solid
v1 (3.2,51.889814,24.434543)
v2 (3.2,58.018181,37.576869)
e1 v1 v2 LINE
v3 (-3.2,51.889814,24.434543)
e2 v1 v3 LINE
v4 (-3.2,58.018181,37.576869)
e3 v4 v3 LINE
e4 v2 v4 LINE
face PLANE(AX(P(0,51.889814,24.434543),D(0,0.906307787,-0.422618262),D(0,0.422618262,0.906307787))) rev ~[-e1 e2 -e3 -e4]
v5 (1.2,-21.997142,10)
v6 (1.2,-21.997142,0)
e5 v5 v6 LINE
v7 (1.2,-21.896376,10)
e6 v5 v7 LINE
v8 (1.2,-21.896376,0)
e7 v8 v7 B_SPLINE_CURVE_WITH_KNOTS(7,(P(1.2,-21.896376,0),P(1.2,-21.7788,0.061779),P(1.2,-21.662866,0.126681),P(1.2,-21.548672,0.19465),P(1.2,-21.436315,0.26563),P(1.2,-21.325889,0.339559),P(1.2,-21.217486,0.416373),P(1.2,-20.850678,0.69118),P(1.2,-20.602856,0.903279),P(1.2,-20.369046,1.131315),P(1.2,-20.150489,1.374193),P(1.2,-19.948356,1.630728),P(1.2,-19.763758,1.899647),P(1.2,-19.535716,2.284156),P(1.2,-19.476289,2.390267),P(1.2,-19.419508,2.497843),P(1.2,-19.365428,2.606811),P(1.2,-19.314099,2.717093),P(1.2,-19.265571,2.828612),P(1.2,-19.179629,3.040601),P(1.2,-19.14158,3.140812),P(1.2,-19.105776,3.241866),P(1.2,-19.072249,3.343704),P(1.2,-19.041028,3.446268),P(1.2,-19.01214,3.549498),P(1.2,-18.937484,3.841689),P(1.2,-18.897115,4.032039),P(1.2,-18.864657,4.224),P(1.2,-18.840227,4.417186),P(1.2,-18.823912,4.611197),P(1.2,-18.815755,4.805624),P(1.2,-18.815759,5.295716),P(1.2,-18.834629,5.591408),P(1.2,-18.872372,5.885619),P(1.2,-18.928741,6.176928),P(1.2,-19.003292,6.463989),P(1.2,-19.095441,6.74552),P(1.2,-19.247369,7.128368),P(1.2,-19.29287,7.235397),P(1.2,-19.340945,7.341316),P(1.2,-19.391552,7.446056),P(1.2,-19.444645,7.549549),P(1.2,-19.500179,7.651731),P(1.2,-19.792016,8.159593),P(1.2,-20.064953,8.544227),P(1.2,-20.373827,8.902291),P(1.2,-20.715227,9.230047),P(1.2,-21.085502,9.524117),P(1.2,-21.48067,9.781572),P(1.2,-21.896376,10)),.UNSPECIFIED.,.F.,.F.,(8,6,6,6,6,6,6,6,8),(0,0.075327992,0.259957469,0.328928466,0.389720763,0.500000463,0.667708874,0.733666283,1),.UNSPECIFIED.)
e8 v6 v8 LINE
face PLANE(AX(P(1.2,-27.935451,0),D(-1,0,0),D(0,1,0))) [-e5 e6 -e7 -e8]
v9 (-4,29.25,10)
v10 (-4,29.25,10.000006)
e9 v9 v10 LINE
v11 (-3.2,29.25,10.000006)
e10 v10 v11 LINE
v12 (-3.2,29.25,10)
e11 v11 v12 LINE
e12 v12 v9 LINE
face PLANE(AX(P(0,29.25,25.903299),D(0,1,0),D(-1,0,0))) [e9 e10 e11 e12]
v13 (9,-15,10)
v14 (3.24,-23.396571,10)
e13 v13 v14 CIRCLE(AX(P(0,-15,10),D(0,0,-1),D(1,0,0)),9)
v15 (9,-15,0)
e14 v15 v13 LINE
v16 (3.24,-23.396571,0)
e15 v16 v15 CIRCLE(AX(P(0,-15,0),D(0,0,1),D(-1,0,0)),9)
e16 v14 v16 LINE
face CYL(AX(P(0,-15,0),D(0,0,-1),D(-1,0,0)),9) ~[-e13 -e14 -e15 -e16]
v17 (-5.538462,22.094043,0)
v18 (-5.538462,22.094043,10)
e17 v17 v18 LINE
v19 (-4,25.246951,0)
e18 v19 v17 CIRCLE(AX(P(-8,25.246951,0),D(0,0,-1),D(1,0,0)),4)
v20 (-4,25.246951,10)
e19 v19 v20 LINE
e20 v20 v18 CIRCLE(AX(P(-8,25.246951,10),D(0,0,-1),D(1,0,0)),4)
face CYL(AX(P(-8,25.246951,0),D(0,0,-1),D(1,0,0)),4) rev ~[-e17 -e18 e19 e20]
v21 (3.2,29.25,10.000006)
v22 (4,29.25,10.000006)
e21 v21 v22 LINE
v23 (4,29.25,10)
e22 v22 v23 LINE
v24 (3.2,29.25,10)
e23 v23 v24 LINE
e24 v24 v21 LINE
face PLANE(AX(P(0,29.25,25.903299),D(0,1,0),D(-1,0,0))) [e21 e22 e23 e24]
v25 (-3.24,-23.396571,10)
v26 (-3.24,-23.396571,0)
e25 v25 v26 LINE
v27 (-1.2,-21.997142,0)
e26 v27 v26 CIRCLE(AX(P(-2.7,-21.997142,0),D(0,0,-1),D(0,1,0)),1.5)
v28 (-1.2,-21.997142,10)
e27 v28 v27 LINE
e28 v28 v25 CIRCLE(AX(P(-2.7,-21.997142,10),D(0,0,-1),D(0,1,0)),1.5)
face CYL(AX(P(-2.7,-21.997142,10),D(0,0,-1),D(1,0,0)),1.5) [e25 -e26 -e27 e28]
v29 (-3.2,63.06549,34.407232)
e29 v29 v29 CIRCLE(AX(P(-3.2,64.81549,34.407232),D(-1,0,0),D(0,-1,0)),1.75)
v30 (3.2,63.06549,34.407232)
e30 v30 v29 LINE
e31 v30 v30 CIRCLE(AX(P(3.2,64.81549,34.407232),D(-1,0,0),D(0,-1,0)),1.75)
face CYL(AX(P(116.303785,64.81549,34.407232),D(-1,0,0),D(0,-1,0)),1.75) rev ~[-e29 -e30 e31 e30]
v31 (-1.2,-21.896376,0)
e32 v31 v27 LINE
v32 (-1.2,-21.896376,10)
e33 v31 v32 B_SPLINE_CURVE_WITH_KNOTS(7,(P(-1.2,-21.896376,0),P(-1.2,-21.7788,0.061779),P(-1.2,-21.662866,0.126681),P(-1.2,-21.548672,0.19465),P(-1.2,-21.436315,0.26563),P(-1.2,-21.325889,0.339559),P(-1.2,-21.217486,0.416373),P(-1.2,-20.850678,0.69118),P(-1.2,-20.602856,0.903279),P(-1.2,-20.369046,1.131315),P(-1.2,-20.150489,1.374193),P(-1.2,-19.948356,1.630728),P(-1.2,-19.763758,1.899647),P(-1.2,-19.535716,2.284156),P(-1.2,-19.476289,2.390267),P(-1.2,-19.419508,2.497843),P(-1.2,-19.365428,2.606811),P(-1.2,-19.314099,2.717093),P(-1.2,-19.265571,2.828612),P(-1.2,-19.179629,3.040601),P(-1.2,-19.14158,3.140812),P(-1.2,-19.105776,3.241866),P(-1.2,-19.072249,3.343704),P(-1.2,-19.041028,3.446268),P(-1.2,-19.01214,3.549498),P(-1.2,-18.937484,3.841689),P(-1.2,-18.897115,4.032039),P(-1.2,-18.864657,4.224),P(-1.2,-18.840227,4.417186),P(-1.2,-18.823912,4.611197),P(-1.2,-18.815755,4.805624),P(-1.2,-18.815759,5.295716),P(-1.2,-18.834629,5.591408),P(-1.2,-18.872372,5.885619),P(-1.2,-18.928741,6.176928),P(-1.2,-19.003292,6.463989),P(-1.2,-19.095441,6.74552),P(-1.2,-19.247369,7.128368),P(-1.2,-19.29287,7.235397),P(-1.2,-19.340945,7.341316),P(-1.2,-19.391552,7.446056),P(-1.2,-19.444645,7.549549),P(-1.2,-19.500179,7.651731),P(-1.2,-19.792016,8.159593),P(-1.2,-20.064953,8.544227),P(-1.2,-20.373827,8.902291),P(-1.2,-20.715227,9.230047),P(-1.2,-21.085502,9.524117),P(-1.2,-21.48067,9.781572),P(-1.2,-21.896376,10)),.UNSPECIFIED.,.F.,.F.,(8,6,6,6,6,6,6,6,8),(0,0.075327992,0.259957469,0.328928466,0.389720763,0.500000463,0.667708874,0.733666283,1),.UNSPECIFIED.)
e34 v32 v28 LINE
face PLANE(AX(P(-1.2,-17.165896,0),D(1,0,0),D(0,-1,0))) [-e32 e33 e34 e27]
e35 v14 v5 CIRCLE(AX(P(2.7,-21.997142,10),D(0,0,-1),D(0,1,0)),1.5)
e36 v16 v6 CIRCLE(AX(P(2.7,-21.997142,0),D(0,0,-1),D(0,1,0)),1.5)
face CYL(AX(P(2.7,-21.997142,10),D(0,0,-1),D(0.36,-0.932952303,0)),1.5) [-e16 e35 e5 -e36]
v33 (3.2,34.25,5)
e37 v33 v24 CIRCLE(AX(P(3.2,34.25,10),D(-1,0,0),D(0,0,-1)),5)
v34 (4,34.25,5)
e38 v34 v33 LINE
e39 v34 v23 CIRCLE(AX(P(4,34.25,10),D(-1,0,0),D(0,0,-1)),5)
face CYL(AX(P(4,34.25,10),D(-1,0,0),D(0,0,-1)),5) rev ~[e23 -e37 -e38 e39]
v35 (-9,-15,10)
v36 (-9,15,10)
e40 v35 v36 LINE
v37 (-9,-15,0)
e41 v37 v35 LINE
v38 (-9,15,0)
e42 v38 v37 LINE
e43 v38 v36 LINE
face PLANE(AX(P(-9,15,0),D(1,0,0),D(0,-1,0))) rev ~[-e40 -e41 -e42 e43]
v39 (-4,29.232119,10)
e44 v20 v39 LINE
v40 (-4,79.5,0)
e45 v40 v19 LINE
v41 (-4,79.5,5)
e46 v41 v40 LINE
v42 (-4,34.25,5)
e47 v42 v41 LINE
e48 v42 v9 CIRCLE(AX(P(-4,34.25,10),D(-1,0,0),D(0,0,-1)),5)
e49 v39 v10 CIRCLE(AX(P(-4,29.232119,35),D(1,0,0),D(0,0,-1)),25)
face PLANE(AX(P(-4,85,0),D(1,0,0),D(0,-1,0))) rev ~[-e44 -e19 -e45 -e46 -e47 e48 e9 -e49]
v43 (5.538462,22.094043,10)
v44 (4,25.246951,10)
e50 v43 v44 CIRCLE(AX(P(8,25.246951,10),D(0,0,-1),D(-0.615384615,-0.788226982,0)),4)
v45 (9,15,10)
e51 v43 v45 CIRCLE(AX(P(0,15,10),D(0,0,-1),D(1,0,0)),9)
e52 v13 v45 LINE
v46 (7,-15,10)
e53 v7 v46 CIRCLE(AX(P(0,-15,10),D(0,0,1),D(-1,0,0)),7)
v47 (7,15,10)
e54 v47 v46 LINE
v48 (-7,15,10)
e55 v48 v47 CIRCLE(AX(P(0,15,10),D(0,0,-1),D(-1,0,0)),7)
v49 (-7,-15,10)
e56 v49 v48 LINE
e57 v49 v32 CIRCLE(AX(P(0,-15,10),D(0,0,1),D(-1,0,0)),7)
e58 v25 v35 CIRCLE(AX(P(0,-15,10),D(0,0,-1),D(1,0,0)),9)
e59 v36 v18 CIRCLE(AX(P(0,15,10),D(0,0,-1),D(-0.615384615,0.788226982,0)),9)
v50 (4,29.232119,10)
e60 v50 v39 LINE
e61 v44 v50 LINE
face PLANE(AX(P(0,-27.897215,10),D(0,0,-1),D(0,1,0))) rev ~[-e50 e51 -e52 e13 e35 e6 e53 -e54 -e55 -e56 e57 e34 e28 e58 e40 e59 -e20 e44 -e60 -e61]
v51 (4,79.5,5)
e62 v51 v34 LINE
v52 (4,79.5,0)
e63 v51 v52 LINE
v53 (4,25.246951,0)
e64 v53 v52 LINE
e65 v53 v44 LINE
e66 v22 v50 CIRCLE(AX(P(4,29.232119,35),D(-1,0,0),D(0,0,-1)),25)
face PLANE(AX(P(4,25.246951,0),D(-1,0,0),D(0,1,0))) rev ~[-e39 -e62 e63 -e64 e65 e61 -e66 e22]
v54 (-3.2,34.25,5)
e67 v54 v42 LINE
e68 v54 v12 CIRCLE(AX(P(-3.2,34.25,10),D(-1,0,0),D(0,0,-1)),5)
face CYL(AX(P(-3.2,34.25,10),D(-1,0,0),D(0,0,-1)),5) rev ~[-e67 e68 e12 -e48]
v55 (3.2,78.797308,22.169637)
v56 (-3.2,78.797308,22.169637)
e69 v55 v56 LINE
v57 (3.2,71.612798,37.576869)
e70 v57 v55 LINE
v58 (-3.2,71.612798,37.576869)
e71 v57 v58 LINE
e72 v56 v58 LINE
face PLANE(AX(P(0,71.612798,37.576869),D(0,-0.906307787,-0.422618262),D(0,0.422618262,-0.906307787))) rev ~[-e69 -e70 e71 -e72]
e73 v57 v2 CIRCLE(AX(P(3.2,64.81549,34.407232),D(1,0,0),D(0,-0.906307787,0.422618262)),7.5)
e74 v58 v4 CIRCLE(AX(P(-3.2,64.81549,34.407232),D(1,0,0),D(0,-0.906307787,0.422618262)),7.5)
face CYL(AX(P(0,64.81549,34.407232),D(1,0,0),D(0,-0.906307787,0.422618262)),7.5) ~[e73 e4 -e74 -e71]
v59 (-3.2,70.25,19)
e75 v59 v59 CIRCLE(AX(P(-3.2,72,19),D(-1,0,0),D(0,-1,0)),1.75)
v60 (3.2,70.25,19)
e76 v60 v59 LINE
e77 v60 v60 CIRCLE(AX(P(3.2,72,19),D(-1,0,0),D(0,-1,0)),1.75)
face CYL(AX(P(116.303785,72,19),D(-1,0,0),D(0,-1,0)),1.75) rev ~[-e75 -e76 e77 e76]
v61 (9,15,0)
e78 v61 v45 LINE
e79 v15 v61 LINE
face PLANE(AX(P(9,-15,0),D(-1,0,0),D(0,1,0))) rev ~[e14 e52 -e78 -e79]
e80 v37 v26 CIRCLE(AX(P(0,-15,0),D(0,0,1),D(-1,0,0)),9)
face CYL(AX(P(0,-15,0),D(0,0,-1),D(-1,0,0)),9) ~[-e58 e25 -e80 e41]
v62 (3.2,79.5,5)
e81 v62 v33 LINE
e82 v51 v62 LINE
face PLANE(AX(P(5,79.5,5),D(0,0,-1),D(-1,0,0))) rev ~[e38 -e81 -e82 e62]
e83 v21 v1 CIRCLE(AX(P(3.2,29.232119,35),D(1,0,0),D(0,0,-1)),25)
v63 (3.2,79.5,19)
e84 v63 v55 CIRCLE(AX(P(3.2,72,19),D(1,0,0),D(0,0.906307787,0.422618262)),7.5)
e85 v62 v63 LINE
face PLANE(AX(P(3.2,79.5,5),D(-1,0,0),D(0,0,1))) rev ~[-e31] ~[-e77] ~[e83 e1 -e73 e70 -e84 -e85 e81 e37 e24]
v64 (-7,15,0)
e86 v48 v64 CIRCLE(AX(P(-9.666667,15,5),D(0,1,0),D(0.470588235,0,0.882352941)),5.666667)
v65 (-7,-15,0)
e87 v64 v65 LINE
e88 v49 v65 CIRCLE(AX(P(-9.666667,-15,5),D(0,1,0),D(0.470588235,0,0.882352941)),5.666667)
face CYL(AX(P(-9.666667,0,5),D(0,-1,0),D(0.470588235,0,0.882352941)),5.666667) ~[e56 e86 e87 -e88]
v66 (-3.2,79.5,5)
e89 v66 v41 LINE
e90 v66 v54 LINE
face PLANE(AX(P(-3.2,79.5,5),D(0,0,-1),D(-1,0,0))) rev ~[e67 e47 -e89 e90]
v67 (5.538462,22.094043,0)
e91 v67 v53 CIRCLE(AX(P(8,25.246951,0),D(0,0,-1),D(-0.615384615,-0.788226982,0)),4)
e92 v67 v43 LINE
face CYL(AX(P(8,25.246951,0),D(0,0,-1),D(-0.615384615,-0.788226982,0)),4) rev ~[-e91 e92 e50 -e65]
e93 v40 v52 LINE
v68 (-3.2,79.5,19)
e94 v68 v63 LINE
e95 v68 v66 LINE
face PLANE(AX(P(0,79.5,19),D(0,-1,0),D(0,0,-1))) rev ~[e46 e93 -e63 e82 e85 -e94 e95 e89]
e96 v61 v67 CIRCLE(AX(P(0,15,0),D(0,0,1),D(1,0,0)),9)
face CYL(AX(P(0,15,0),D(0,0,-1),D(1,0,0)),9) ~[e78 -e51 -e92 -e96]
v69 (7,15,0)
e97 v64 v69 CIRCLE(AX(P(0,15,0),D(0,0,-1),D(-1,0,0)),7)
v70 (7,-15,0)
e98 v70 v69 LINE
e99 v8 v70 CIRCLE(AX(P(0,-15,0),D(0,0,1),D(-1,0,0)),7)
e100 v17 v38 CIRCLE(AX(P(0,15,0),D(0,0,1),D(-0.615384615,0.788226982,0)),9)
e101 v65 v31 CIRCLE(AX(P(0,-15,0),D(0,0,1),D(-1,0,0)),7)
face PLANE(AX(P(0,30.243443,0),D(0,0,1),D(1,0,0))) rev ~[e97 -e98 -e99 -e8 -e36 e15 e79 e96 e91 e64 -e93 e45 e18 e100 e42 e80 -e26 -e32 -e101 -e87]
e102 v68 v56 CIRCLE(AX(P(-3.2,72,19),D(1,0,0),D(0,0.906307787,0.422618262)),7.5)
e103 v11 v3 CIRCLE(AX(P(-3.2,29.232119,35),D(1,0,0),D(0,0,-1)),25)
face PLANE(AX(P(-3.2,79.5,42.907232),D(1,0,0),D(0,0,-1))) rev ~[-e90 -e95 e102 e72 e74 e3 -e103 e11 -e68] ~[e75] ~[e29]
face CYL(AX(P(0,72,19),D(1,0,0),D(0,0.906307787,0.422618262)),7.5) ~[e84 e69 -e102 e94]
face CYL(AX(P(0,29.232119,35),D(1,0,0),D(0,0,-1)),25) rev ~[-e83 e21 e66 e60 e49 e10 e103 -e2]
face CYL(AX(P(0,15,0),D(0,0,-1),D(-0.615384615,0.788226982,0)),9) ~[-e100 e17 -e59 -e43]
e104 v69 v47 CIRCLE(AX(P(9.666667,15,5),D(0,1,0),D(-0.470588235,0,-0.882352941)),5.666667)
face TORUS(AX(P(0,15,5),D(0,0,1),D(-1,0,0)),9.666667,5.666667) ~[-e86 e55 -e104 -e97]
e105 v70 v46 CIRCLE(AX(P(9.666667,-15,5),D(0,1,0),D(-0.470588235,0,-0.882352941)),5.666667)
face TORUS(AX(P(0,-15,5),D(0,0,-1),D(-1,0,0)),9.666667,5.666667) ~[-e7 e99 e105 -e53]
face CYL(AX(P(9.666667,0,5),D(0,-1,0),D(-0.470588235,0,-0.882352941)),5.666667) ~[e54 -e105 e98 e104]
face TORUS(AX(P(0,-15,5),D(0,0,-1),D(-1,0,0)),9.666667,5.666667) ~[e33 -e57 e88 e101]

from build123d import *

# Parameters (mm, degrees)
F1_DEPTH       = 45
F3_DEPTH       = 9.001
F3_DEPTH_BACK  = 9.001
F5_DEPTH       = 50.25
F6_R           = 5
F8_D           = 3.5
F11_DEPTH      = 15
F11_DEPTH_BACK = 15
F13_ANGLE      = 180
F15_ANGLE      = 180
F17_DEPTH      = 10
F18_R          = 1.5


with BuildPart() as f1:
    # F0 (on Top) → F1 (new body)
    with BuildSketch(Plane.XY):
        with BuildLine():
            Line((-9, 15), (-9, -15))
            ThreePointArc((-9, -15), (0, -24), (9, -15))
            Line((9, -15), (9, 15))
            ThreePointArc((9, 15), (8.0884533085, 18.9467610869), (5.5384615385, 22.094042838))
            ThreePointArc((5.5384615385, 22.094042838), (4.4051318629, 23.4928347273), (4, 25.246950766))
            Line((4, 25.246950766), (4, 85))
            Line((4, 85), (-4, 85))
            Line((-4, 85), (-4, 25.246950766))
            ThreePointArc((-4, 25.246950766), (-4.4051318629, 23.4928347273), (-5.5384615385, 22.094042838))
            ThreePointArc((-5.5384615385, 22.094042838), (-8.0884533085, 18.9467610869), (-9, 15))
        make_face()
    extrude(amount=F1_DEPTH)

    # F2 (on Right) → F3 (cut, two sides)
    with BuildSketch(Plane.YZ) as f3_sk:
        with BuildLine():
            Line((-27.897214517, 46.3444851339), (-27.897214517, 10))
            Line((-27.897214517, 10), (29.232119265, 10))
            ThreePointArc((29.232119265, 10), (42.6646094737, 13.9152138547), (51.8898139409, 24.4345434565))
            Line((51.8898139409, 24.4345434565), (58.0181811476, 37.5768693427))
            ThreePointArc((58.0181811476, 37.5768693427), (64.8154895504, 41.9072323796), (71.6127979532, 37.5768693427))
            Line((71.6127979532, 37.5768693427), (78.7973084028, 22.1696369631))
            ThreePointArc((78.7973084028, 22.1696369631), (79.3222200534, 20.6232971045), (79.5, 19))
            Line((79.5, 19), (79.5, 0))
            Line((79.5, 0), (96.8408212066, 0))
            Line((96.8408212066, 0), (96.8408212066, 46.3444851339))
            Line((96.8408212066, 46.3444851339), (-27.897214517, 46.3444851339))
        make_face()
    extrude(amount=-F3_DEPTH, mode=Mode.SUBTRACT)
    extrude(f3_sk.sketch, amount=F3_DEPTH_BACK, mode=Mode.SUBTRACT)

    # F4 (on face) → F5 (cut)
    with BuildSketch(Plane(origin=(0, 79.5, 0), x_dir=(-1, 0, 0), z_dir=(0, 1, 0))):
        Polygon((-5, 5), (-3.2, 5), (-3.2, 42.9072323796), (3.2, 42.9072323796), (3.2, 5), (5, 5), (5, 44.9072323796), (-5, 44.9072323796), align=None)
    extrude(amount=-F5_DEPTH, mode=Mode.SUBTRACT)

    # F6
    f6_edges = [f1.edges().sort_by_distance(p)[0] for p in [
        (3.6, 29.25, 5),
        (-3.6, 29.25, 5),
    ]]
    fillet(f6_edges, radius=F6_R)

    # F8 (through all)
    with Locations(Plane.YZ.offset(3.2)):
        with Locations((64.8154895504, 34.4072323796), (72, 19)):
            Hole(F8_D / 2)

    # F10 (on Front) → F11 (cut, two sides)
    with BuildSketch(Plane.XZ) as f11_sk:
        with BuildLine():
            ThreePointArc((7, 0), (4, 5), (7, 10))
            Line((7, 10), (0, 10))
            Line((0, 10), (-7, 10))
            ThreePointArc((-7, 10), (-4, 5), (-7, 0))
            Line((-7, 0), (0, 0))
            Line((0, 0), (7, 0))
        make_face()
    extrude(amount=-F11_DEPTH, mode=Mode.SUBTRACT)
    extrude(f11_sk.sketch, amount=F11_DEPTH_BACK, mode=Mode.SUBTRACT)

    # F12 (on face) → F13 (revolve, cut)
    with BuildSketch(Plane(origin=(0, -15, 0), x_dir=(-1, 0, 0), z_dir=(0, 1, 0))):
        with BuildLine():
            ThreePointArc((7, 0), (4, 5), (7, 10))
            Line((7, 10), (0, 10))
            Line((0, 10), (0, 0))
            Line((0, 0), (7, 0))
        make_face()
    revolve(axis=Axis((0, -15, 0.1769523323), (0, 0, 1)), revolution_arc=F13_ANGLE, mode=Mode.SUBTRACT)

    # F14 (on face) → F15 (revolve, cut)
    with BuildSketch(Plane.XZ.offset(-15)):
        with BuildLine():
            Line((0, 10), (-7, 10))
            ThreePointArc((-7, 10), (-4, 5), (-7, 0))
            Line((-7, 0), (0, 0))
            Line((0, 0), (0, 10))
        make_face()
    revolve(axis=Axis((0, 15, 1.3485458866), (0, 0, -1)), revolution_arc=F15_ANGLE, mode=Mode.SUBTRACT)

    # F16 (on Top) → F17 (cut, through all)
    with BuildSketch(Plane.XY):
        Polygon((0, -17.1658955514), (-1.2, -17.1658955514), (-1.2, -27.9354508966), (0, -27.9354508966), (1.2, -27.9354508966), (1.2, -17.1658955514), align=None)
    extrude(amount=F17_DEPTH, mode=Mode.SUBTRACT)

    # F18
    f18_edges = [f1.edges().sort_by_distance(p)[0] for p in [
        (-1.2, -23.919641, 5),
        (1.2, -23.919641, 5),
    ]]
    fillet(f18_edges, radius=F18_R)


solid = f1.part
